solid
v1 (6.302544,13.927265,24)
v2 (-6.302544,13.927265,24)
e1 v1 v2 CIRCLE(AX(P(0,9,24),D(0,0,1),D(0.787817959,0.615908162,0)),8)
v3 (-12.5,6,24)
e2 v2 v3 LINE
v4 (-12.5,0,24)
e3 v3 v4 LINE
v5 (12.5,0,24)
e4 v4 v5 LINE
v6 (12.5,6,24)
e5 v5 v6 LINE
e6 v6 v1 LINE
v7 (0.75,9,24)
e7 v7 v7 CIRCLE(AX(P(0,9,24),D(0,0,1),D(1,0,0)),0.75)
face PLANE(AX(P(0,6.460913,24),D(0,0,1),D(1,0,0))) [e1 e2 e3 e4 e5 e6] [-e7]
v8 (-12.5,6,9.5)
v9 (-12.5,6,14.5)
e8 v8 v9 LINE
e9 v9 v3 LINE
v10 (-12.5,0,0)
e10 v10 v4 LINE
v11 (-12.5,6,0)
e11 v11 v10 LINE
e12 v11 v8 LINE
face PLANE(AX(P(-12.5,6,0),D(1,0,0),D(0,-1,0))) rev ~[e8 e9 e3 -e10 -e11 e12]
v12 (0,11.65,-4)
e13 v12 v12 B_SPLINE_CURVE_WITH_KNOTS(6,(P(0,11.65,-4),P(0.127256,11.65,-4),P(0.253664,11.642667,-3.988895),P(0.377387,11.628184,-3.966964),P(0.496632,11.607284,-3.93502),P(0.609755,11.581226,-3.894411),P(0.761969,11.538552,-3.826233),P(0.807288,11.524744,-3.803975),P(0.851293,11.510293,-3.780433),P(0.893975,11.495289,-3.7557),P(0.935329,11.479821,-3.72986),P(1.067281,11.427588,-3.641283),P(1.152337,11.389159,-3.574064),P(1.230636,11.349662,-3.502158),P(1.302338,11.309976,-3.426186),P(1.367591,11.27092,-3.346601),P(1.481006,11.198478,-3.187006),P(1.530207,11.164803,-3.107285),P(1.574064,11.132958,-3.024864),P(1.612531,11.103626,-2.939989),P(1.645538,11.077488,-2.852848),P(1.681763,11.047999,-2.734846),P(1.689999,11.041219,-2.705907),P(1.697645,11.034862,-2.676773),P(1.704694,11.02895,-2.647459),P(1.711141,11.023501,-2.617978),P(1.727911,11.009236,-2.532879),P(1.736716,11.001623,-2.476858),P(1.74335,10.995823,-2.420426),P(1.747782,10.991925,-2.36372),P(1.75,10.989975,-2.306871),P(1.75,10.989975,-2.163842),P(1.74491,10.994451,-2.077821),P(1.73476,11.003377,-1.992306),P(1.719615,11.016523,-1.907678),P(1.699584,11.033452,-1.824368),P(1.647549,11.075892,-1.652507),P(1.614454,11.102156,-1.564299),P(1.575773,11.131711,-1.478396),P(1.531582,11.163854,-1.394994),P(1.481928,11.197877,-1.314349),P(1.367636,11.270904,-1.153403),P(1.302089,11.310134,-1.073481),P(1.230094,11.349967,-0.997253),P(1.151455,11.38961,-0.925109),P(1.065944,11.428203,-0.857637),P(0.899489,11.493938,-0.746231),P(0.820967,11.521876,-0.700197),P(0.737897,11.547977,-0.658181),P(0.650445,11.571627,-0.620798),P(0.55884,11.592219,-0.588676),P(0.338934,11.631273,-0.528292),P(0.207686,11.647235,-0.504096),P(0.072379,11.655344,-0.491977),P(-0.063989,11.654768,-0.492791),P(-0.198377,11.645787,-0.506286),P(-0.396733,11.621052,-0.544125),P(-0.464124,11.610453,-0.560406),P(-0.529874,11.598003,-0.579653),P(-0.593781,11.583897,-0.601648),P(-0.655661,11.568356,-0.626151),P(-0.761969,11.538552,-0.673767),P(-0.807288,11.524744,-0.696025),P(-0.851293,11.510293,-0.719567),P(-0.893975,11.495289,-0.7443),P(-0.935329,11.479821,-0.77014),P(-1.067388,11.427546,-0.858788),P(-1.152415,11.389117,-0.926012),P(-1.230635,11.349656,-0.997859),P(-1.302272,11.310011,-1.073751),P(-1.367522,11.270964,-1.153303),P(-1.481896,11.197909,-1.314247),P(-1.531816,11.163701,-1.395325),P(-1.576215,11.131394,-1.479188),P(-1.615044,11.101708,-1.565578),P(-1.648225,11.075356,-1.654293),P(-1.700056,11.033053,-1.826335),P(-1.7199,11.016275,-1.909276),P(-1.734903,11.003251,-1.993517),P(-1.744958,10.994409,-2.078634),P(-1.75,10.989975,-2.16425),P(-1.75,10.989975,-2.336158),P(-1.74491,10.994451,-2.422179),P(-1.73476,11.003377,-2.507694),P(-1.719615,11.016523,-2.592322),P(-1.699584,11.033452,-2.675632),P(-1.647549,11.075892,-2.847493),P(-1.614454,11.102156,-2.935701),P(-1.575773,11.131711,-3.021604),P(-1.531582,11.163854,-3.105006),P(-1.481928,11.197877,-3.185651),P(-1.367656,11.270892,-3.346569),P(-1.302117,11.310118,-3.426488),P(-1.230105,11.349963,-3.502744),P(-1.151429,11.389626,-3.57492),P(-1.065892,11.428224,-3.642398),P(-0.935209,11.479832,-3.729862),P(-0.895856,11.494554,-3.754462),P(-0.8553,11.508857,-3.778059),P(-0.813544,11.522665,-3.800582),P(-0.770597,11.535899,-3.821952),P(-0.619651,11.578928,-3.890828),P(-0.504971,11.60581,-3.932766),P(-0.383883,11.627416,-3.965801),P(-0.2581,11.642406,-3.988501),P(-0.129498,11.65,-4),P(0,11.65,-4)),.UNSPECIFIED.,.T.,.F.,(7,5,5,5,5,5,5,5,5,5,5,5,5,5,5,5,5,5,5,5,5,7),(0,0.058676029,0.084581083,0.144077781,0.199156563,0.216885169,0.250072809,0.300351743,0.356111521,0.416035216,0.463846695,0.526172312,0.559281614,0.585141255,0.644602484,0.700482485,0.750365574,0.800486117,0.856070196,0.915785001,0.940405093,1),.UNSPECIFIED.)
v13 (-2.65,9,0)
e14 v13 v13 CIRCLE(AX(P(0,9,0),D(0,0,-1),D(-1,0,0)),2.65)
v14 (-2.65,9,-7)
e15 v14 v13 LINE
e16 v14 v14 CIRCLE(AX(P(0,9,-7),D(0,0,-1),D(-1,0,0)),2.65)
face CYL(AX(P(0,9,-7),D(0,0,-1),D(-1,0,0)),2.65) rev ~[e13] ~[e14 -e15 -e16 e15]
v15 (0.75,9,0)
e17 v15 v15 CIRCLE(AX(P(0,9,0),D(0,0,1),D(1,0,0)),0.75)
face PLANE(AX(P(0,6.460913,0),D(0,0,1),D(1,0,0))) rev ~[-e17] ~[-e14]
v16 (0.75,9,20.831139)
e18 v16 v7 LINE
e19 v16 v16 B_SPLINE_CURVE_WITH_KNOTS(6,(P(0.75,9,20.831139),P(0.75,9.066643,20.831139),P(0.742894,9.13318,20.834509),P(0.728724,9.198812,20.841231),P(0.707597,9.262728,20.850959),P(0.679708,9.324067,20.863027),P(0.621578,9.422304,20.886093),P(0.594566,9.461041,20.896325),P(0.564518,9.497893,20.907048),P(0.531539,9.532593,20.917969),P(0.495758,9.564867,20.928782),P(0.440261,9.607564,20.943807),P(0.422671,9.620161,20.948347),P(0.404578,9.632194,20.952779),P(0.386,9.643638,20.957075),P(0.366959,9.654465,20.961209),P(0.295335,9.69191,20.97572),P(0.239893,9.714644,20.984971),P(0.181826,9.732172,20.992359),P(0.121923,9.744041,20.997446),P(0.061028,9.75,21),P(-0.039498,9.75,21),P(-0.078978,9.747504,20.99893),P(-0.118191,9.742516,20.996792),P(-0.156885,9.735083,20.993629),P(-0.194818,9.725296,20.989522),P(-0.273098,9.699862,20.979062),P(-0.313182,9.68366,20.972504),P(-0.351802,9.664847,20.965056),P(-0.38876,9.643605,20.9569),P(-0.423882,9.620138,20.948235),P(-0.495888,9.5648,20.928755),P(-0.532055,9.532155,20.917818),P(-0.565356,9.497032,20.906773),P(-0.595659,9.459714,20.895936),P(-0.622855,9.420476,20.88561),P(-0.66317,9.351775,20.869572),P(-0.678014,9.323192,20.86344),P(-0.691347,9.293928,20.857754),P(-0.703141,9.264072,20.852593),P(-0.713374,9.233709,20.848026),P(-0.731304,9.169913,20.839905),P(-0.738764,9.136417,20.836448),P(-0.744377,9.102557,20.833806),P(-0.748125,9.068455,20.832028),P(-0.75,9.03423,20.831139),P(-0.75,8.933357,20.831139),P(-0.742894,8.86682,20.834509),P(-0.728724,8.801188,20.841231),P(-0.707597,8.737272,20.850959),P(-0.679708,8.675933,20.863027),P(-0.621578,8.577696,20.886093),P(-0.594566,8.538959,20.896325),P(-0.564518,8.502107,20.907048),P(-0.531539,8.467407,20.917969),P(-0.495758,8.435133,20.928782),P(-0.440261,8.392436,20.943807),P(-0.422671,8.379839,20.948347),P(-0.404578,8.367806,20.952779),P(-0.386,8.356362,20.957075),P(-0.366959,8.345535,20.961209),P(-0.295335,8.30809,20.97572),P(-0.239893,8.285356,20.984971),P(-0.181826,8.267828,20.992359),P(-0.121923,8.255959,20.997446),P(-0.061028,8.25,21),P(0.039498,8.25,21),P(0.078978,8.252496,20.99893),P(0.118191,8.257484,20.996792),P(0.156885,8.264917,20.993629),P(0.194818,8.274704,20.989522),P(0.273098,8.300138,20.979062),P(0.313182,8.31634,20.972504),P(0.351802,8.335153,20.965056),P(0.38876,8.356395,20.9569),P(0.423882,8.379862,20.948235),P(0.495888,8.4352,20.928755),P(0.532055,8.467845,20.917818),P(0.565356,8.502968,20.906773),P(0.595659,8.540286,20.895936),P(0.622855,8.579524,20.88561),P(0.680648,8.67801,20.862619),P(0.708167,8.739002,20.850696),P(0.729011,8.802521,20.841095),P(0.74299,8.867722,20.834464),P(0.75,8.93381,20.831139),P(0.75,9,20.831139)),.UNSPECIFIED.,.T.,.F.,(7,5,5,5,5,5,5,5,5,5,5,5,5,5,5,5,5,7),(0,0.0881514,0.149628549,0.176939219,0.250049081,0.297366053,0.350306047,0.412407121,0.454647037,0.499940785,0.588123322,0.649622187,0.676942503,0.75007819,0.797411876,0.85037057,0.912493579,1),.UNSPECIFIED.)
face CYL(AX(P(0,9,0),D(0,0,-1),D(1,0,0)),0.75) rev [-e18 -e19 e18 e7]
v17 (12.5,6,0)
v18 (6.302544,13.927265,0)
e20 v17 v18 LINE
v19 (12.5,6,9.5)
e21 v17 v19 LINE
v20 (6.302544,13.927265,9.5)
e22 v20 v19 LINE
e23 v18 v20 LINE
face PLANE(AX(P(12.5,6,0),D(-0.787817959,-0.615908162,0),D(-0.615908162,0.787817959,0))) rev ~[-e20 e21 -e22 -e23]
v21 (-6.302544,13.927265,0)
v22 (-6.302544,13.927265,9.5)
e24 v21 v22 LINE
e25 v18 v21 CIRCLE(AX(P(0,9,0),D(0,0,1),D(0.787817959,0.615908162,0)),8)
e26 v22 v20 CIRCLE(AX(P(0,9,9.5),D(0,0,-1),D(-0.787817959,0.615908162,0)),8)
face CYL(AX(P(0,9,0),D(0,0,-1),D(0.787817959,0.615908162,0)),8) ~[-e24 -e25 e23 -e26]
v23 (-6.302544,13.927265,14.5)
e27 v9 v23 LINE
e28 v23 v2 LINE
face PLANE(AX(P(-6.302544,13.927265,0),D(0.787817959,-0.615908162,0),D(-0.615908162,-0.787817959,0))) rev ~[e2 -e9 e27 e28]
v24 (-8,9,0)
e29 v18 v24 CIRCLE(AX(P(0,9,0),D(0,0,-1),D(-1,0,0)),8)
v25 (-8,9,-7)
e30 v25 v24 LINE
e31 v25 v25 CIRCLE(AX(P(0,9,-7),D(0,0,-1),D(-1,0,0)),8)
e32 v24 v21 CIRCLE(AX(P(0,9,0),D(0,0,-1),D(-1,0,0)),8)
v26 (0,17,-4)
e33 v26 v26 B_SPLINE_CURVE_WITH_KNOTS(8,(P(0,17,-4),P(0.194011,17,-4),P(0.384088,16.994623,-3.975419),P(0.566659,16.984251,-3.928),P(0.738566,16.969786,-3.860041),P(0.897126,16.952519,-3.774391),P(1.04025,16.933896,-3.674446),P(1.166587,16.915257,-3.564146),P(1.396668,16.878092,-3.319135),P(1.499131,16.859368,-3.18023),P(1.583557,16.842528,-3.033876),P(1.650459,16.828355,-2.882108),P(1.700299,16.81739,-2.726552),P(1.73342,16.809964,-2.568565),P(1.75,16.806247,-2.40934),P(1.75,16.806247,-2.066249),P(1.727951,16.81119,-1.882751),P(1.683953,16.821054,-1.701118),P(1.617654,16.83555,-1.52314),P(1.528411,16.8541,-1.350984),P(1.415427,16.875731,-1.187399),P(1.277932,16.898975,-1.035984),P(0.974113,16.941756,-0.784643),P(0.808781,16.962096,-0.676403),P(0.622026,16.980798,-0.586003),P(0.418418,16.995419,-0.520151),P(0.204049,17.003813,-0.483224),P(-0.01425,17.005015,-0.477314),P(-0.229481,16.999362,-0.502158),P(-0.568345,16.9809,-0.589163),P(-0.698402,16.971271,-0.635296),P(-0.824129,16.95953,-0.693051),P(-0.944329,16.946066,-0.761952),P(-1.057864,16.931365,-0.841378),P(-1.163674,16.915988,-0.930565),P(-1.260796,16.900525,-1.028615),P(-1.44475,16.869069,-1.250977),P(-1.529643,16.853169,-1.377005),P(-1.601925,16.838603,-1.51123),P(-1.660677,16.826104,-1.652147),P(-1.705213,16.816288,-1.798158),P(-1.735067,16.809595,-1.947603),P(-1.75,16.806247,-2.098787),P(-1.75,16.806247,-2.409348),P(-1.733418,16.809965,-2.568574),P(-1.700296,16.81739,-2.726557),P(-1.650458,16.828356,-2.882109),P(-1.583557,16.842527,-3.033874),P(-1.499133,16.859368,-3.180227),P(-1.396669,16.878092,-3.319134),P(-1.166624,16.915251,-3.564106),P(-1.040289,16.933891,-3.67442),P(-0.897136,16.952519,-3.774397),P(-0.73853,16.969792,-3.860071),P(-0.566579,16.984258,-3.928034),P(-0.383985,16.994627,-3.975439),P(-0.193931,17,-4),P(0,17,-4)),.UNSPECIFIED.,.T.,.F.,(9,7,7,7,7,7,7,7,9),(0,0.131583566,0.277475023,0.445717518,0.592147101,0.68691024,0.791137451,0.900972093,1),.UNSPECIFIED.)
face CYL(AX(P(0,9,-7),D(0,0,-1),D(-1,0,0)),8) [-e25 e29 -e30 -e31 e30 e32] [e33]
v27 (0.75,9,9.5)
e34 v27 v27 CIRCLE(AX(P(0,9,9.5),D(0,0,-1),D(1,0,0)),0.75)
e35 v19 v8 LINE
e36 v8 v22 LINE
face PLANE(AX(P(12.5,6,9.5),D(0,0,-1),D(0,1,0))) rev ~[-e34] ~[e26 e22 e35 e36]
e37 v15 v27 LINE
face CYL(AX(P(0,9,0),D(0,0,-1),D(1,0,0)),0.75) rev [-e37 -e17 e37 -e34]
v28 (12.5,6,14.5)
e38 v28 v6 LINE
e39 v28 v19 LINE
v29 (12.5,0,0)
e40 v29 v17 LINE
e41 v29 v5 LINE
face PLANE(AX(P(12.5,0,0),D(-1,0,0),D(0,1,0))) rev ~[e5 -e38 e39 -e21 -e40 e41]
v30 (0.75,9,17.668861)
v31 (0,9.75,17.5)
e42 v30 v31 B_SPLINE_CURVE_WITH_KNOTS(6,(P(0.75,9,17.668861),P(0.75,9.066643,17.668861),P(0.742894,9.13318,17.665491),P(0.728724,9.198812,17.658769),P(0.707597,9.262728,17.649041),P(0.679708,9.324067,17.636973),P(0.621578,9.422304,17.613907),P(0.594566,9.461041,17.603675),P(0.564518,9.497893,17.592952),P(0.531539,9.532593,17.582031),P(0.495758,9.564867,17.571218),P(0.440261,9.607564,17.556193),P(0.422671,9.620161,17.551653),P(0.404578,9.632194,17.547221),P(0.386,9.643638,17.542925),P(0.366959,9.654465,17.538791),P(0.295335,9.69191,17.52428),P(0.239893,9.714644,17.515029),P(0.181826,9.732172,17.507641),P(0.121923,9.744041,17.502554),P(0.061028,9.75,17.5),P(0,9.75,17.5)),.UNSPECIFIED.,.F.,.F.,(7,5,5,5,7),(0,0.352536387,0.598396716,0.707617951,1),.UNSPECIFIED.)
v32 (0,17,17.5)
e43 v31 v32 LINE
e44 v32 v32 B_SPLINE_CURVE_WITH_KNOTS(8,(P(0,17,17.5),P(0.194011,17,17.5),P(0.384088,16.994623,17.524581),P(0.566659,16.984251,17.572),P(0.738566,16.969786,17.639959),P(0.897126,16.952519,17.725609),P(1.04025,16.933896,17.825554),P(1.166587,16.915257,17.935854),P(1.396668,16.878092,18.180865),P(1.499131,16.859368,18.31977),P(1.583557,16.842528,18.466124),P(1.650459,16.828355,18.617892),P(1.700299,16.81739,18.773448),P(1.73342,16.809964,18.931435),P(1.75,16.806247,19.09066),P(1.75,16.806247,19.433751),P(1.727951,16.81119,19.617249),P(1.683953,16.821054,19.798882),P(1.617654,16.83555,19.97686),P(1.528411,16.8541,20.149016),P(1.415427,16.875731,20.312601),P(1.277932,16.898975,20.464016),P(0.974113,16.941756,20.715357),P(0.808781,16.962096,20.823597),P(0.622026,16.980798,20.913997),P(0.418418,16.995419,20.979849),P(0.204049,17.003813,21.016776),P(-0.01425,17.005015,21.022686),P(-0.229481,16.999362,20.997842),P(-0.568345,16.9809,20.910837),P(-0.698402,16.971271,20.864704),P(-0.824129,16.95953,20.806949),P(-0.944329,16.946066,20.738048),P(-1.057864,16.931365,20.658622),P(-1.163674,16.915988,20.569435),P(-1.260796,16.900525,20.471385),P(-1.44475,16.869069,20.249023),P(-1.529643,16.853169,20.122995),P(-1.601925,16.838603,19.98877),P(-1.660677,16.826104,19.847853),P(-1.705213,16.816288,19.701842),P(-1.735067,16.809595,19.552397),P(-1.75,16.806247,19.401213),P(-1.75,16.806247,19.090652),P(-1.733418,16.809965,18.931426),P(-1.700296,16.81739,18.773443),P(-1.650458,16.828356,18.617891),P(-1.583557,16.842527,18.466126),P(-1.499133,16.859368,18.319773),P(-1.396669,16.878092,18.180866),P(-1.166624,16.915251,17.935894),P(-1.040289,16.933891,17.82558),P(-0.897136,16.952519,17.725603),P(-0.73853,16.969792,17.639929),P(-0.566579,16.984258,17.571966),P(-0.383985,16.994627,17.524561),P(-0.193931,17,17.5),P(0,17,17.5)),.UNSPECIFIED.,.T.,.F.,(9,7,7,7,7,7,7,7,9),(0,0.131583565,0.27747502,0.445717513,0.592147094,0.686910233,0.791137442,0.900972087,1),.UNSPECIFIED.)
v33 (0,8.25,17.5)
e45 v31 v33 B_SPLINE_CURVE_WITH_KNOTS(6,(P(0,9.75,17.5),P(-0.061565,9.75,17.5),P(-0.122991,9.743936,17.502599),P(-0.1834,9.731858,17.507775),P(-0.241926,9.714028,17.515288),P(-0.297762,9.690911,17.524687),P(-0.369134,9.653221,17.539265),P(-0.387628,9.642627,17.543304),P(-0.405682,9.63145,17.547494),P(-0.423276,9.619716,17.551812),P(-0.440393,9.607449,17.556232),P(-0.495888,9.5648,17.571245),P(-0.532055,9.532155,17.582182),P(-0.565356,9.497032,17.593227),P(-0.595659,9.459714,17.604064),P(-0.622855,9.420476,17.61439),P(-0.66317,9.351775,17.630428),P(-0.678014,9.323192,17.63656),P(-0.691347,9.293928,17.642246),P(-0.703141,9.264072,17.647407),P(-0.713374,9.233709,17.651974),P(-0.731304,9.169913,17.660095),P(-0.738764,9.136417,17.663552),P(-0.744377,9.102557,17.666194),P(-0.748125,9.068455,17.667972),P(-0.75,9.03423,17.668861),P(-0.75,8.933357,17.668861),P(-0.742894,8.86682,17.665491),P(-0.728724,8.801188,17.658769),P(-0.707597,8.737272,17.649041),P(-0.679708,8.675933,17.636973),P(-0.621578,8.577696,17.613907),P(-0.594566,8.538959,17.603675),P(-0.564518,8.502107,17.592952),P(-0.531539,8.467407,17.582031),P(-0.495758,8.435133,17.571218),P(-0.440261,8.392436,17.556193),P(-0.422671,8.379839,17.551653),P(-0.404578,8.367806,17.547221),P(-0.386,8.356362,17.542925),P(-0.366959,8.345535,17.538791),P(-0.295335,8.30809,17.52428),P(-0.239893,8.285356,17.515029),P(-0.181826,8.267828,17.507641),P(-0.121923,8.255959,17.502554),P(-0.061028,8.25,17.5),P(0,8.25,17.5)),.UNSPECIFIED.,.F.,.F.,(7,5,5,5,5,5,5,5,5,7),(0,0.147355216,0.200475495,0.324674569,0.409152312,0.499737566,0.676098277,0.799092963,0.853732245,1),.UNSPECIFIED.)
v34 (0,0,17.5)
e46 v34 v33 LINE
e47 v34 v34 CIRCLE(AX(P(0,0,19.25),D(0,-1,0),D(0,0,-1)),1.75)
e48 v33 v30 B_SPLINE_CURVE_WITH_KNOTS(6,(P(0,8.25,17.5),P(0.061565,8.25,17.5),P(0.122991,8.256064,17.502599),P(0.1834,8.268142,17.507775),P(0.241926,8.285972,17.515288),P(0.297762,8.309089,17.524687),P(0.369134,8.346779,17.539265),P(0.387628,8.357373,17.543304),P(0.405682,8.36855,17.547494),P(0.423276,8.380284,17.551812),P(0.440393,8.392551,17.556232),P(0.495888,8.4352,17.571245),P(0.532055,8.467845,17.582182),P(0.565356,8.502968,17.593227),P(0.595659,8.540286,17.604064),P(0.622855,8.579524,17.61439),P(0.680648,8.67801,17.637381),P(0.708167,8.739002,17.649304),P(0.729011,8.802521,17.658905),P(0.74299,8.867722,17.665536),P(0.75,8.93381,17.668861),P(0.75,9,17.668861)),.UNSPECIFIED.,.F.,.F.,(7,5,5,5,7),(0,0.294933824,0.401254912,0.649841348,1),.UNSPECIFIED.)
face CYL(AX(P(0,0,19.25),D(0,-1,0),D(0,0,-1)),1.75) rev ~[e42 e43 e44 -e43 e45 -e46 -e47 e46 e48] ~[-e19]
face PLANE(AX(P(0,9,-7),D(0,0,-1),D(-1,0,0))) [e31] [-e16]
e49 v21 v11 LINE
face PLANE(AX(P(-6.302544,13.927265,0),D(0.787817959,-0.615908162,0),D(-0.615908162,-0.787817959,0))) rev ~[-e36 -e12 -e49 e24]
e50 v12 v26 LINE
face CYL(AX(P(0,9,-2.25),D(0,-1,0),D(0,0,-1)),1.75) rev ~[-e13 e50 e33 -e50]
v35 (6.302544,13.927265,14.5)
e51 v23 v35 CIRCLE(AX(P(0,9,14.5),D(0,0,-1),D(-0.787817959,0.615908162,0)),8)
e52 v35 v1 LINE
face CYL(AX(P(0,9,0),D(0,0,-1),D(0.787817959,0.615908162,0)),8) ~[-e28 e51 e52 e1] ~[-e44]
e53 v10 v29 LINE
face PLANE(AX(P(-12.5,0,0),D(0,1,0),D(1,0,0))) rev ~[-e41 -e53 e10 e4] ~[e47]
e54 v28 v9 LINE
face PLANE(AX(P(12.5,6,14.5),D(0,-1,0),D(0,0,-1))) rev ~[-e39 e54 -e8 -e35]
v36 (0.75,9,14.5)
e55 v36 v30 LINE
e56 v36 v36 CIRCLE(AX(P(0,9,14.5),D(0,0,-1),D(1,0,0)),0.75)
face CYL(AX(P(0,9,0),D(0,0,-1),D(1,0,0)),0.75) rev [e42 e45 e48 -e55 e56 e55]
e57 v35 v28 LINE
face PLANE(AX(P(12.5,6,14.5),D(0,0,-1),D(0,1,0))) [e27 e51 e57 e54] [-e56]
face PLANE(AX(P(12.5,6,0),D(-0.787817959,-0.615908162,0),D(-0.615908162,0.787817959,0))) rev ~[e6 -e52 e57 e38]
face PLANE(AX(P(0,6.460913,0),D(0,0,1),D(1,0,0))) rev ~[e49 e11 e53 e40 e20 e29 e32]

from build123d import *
from build123d.topology import SkipClean

# Parameters (mm, degrees)
SKETCH1_R           = 0.75
BOSS_EXTRUDE1_DEPTH = 24
BOSS_EXTRUDE2_START = 7
SKETCH2_R           = 8
SKETCH2_R_2         = 2.65
BOSS_EXTRUDE2_DEPTH = 7
SKETCH4_W           = 5
SKETCH4_H           = 11
CUT_EXTRUDE1_DEPTH  = 39.600518131
SKETCH5_R           = 1.75
CUT_EXTRUDE2_DEPTH  = 32.957002363
SKETCH6_R           = 1.75
CUT_EXTRUDE3_DEPTH  = 29.517538579


with BuildPart() as part:
    # Sketch1 → Boss-Extrude1 (new body)
    with BuildSketch(Plane.XY):
        with BuildLine():
            Line((-12.5, 0), (12.5, 0))
            Line((12.5, 0), (12.5, 6))
            Line((12.5, 6), (6.302543671, 13.927265294))
            ThreePointArc((6.302543671, 13.927265294), (0, 17), (-6.302543671, 13.927265294))
            Line((-6.302543671, 13.927265294), (-12.5, 6))
            Line((-12.5, 6), (-12.5, 0))
        make_face()
        with Locations((0, 9)):
            Circle(SKETCH1_R, mode=Mode.SUBTRACT)
    extrude(amount=BOSS_EXTRUDE1_DEPTH)

    # Sketch2 → Boss-Extrude2 (add)
    with SkipClean():  # the faces are left unmerged after this step: merging them gives an invalid solid
        with BuildSketch(Plane(origin=(0, 0, 0), x_dir=(-1, 0, 0), z_dir=(0, 0, -1)).offset(BOSS_EXTRUDE2_START)):
            with Locations((0, 9)):
                Circle(SKETCH2_R)
            with Locations((0, 9)):
                Circle(SKETCH2_R_2, mode=Mode.SUBTRACT)
        extrude(amount=-BOSS_EXTRUDE2_DEPTH)

    # Sketch4 → Cut-Extrude1 (cut, through all)
    with BuildSketch(Plane(origin=(12.5, 0, 0), x_dir=(0, 0, -1), z_dir=(1, 0, 0))):
        with Locations((-12, 11.5)):
            Rectangle(SKETCH4_W, SKETCH4_H)
    extrude(amount=-CUT_EXTRUDE1_DEPTH, mode=Mode.SUBTRACT)

    # Sketch5 → Cut-Extrude2 (cut, through all)
    with SkipClean():  # the faces are left unmerged after this step: merging them gives an invalid solid
        with BuildSketch(Plane.XZ):
            with Locations(Location((0, 19.25, 0), (0, 0, 270))):
                Circle(SKETCH5_R)
        extrude(amount=-CUT_EXTRUDE2_DEPTH, mode=Mode.SUBTRACT)

    # Sketch6 → Cut-Extrude3 (cut, through all)
    with SkipClean():  # the faces are left unmerged after this step: merging them gives an invalid solid
        with BuildSketch(Plane(origin=(0, 9, 0), x_dir=(-1, 0, 0), z_dir=(0, -1, 0))):
            with Locations(Location((0, 2.25, 0), (0, 0, 90))):
                Circle(SKETCH6_R)
        extrude(amount=-CUT_EXTRUDE3_DEPTH, mode=Mode.SUBTRACT)


solid = part.part
